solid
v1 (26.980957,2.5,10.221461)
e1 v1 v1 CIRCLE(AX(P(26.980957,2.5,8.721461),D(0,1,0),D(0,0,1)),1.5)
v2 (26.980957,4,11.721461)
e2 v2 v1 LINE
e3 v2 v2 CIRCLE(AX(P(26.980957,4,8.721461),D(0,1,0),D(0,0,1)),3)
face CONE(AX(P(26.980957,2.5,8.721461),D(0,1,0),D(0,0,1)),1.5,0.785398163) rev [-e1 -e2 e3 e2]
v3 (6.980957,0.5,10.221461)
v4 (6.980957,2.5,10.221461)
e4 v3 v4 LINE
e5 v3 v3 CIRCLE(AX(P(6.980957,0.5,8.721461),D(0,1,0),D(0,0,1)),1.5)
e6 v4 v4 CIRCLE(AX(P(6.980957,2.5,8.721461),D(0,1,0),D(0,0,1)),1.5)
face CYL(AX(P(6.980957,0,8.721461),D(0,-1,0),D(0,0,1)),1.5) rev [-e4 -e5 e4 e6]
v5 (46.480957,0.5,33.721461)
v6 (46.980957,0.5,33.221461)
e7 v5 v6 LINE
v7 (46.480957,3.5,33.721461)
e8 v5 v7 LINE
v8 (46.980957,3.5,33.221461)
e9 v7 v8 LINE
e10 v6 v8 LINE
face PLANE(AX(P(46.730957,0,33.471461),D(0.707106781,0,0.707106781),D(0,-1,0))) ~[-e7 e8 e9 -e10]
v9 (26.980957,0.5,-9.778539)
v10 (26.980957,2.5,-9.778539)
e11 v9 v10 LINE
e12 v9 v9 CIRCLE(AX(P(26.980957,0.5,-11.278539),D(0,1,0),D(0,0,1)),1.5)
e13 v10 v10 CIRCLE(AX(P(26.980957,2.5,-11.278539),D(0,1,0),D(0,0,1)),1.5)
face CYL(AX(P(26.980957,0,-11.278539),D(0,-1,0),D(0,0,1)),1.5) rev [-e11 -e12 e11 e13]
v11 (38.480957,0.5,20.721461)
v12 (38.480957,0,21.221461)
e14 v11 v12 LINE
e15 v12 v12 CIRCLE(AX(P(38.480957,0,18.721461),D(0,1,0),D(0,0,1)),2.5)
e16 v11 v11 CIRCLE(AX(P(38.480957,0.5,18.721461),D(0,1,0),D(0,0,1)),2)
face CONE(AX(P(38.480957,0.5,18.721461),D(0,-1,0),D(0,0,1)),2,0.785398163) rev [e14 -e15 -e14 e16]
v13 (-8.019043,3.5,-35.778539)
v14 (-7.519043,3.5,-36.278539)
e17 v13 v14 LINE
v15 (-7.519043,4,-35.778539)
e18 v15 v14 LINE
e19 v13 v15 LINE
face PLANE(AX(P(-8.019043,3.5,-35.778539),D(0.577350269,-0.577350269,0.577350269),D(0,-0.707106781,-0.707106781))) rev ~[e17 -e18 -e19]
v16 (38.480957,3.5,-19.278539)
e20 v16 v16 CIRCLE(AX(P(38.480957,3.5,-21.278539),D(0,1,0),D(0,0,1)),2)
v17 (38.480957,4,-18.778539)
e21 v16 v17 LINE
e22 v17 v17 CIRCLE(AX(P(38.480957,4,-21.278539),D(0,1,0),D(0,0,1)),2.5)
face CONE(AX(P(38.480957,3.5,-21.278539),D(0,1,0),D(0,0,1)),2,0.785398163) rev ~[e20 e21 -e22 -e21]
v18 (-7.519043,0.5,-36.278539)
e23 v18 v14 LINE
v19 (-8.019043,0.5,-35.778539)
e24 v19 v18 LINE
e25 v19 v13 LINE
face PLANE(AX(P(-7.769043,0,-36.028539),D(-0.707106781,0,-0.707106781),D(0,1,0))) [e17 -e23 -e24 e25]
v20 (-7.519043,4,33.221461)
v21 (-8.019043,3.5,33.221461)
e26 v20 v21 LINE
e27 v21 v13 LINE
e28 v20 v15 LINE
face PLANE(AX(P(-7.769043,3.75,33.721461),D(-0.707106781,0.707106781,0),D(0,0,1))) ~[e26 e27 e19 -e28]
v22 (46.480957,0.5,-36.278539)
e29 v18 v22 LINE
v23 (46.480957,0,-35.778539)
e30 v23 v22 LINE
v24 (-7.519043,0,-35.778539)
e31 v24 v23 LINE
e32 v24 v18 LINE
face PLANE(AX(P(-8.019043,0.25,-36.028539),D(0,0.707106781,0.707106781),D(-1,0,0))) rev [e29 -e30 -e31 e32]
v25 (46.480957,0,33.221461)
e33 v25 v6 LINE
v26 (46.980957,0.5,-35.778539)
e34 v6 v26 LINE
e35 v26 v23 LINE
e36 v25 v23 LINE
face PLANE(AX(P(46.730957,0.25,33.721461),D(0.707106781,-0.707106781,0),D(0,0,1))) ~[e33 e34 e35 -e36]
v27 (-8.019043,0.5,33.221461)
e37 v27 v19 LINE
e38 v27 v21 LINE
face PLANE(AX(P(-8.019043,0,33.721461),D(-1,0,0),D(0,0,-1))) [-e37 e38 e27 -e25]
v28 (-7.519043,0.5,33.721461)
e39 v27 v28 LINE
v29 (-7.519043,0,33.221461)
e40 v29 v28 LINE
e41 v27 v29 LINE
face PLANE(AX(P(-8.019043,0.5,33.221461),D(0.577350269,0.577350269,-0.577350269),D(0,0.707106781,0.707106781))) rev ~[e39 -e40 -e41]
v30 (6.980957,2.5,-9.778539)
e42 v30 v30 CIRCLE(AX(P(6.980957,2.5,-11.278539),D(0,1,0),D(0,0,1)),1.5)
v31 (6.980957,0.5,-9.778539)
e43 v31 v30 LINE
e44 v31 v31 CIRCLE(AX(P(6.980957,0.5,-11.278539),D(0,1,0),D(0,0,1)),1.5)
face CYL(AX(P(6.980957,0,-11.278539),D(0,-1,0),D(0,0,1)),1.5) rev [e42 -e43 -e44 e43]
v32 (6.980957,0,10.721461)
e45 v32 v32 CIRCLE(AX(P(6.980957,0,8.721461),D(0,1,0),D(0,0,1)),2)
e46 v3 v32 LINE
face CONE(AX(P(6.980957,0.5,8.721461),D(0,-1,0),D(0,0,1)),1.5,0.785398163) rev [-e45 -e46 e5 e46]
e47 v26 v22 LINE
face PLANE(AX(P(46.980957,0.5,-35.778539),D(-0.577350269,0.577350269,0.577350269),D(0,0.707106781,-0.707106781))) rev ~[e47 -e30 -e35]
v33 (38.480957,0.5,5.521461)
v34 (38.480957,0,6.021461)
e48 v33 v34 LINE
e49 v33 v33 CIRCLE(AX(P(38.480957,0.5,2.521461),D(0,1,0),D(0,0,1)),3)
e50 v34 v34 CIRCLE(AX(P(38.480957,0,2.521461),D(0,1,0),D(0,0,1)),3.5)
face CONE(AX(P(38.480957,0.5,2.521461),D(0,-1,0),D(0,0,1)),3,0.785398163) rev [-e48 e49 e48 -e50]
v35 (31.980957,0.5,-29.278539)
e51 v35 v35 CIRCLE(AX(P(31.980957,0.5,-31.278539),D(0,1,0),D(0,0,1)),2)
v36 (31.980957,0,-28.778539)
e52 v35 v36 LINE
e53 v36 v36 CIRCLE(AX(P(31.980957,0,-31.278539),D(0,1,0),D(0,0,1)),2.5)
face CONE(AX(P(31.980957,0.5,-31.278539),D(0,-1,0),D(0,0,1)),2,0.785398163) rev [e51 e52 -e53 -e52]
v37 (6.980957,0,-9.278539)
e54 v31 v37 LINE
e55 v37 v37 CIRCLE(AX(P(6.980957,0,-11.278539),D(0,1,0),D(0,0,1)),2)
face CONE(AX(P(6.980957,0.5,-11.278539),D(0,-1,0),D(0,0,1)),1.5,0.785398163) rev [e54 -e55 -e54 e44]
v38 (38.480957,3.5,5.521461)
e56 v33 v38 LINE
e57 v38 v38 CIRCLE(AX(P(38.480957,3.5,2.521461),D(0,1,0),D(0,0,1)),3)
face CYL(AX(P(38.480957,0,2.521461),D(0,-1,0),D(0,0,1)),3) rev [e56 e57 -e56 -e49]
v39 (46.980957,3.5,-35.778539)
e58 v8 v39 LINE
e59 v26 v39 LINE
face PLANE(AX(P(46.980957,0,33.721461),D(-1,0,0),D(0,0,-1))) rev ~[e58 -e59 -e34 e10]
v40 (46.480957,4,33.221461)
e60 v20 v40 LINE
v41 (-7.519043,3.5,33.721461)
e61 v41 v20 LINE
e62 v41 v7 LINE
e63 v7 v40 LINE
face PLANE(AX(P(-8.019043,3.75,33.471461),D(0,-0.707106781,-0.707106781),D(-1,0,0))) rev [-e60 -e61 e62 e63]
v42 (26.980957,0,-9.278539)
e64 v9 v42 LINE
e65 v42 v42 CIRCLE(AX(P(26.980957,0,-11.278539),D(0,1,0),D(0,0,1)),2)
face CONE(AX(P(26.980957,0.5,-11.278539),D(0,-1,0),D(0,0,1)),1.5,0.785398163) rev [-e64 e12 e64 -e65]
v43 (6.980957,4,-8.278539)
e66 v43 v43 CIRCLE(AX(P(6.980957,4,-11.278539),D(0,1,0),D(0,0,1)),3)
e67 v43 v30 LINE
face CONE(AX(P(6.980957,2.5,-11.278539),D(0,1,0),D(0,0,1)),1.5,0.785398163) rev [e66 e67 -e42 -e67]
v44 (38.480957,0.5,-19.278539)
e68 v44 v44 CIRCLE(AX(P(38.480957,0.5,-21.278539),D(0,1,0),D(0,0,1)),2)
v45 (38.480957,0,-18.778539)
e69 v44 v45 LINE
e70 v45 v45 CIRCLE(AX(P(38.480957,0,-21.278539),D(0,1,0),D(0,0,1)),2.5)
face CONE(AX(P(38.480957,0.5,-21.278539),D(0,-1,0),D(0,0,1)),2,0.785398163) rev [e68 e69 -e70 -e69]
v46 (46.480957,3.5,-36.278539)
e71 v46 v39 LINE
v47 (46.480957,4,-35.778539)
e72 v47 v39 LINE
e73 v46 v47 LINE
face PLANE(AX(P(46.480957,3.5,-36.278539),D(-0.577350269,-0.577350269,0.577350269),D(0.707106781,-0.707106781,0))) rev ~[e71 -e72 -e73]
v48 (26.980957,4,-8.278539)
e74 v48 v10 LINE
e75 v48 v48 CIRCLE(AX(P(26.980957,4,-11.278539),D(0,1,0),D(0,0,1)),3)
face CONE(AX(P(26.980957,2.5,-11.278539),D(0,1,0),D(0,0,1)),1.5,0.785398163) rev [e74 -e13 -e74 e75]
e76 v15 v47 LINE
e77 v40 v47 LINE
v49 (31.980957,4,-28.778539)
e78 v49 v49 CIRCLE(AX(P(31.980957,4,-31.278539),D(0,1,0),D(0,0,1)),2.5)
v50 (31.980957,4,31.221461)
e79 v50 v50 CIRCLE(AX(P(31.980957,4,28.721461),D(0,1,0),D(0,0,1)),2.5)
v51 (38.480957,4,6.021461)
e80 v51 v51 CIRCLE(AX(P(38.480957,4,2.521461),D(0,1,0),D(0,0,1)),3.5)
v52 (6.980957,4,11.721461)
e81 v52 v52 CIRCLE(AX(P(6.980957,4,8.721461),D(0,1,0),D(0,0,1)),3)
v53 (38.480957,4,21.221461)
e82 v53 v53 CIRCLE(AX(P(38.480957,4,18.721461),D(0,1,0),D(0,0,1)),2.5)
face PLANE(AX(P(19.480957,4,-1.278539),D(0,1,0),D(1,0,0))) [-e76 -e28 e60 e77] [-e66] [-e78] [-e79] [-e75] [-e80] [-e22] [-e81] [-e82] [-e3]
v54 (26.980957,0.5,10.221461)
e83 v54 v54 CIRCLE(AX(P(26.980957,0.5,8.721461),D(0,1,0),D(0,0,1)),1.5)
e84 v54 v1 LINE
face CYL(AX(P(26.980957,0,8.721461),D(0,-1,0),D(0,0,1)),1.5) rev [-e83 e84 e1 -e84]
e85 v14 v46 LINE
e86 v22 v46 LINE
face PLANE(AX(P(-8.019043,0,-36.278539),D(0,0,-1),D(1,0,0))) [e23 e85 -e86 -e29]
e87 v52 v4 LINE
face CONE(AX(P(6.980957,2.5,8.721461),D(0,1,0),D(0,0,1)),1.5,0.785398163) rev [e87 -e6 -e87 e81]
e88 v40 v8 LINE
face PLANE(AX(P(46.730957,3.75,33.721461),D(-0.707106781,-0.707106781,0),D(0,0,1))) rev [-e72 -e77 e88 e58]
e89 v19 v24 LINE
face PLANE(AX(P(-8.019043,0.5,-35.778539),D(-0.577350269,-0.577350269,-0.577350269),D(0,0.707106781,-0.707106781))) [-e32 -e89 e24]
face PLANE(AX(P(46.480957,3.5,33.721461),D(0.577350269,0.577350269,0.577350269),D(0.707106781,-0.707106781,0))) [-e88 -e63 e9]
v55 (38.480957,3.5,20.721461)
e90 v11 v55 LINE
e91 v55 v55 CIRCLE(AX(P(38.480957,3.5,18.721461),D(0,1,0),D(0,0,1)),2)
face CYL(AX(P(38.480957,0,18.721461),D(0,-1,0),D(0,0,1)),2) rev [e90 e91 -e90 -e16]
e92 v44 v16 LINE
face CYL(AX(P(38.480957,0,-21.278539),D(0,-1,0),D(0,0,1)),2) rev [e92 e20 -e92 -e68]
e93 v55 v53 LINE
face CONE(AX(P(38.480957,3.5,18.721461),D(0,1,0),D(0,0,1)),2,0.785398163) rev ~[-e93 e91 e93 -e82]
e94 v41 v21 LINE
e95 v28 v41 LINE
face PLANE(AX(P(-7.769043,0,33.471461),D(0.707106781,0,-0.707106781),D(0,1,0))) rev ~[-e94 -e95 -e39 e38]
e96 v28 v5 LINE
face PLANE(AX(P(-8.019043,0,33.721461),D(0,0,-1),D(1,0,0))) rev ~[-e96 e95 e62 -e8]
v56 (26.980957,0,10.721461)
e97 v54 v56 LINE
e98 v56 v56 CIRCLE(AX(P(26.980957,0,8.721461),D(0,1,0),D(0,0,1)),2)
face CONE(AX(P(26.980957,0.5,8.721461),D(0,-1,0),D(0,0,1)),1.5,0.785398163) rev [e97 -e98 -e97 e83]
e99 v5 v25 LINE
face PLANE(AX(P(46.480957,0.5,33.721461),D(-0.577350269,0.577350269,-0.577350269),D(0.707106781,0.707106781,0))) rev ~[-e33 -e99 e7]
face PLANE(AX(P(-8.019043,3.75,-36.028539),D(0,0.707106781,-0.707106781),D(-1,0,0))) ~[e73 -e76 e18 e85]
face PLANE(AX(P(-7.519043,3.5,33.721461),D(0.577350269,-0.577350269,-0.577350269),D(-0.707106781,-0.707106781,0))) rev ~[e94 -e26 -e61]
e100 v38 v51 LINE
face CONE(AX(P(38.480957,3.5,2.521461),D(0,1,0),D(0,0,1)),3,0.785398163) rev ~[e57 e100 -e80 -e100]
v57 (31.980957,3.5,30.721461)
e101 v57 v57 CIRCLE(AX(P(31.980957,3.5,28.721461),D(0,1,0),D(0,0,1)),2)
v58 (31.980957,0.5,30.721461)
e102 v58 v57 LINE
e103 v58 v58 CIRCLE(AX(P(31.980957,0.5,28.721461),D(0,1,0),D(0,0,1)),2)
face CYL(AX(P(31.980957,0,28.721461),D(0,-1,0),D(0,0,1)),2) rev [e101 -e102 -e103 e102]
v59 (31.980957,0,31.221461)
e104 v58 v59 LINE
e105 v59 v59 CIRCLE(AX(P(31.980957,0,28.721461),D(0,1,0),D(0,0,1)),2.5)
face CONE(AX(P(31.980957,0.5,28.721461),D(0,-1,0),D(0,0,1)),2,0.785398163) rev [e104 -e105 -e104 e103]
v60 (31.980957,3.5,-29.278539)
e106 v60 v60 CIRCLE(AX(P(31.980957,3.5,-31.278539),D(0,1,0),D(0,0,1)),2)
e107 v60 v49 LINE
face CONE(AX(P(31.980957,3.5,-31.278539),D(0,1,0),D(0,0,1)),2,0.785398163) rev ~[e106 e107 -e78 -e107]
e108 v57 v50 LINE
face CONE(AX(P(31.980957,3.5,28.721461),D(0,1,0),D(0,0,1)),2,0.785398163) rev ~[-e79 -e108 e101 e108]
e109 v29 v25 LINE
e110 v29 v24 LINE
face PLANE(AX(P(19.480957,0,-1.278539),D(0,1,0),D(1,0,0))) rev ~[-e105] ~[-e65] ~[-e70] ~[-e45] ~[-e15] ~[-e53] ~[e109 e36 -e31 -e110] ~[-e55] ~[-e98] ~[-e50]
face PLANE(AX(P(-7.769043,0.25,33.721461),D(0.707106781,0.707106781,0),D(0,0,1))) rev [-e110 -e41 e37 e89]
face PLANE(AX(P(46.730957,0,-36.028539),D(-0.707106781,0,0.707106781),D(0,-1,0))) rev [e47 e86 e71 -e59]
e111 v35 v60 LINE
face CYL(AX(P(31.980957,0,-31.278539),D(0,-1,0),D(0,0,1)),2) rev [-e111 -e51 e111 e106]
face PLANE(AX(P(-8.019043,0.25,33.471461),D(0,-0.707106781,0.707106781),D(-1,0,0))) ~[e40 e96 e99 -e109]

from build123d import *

# Parameters (mm, degrees)
CROQUIS1_W              = 55
CROQUIS1_H              = 70
CROQUIS1_R              = 1.5
CROQUIS1_R_2            = 2
CROQUIS1_R_3            = 3
SALIENTE_EXTRUIR1_DEPTH = 4
CHAFL_N1_SIZE           = 0.5
CHAFL_N2_SIZE           = 1.5


with BuildPart() as part:
    # Croquis1 → Saliente-Extruir1 (new body)
    with BuildSketch(Plane(origin=(0, 0, 0), x_dir=(1, 0, 0), z_dir=(0, 1, 0))):
        with Locations((19.480956658, 1.278538813)):
            Rectangle(CROQUIS1_W, CROQUIS1_H)
        with Locations(Location((6.980956658, 11.278538813, 0), (0, 0, 270))):
            Circle(CROQUIS1_R, mode=Mode.SUBTRACT)
        with Locations(Location((26.980956658, 11.278538813, 0), (0, 0, 270))):
            Circle(CROQUIS1_R, mode=Mode.SUBTRACT)
        with Locations(Location((6.980956658, -8.721461187, 0), (0, 0, 270))):
            Circle(CROQUIS1_R, mode=Mode.SUBTRACT)
        with Locations(Location((26.980956658, -8.721461187, 0), (0, 0, 270))):
            Circle(CROQUIS1_R, mode=Mode.SUBTRACT)
        with Locations(Location((31.980956658, 31.278538813, 0), (0, 0, 270))):
            Circle(CROQUIS1_R_2, mode=Mode.SUBTRACT)
        with Locations(Location((31.980956658, -28.721461187, 0), (0, 0, 270))):
            Circle(CROQUIS1_R_2, mode=Mode.SUBTRACT)
        with Locations(Location((38.480956658, -18.721461187, 0), (0, 0, 270))):
            Circle(CROQUIS1_R_2, mode=Mode.SUBTRACT)
        with Locations(Location((38.480956658, -2.521461187, 0), (0, 0, 270))):
            Circle(CROQUIS1_R_3, mode=Mode.SUBTRACT)
        with Locations(Location((38.480956658, 21.278538813, 0), (0, 0, 270))):
            Circle(CROQUIS1_R_2, mode=Mode.SUBTRACT)
    extrude(amount=SALIENTE_EXTRUIR1_DEPTH)

    # Chaflán1
    chafl_n1_edges = [part.edges().sort_by_distance(p)[0] for p in [
        (46.980956658, 4, -1.278538813),
        (6.980956658, 0, -12.778538813),
        (19.480956658, 4, -36.278538813),
        (26.980956658, 0, -12.778538813),
        (6.980956658, 0, 7.221461187),
        (26.980956658, 0, 7.221461187),
        (31.980956658, 0, -33.278538813),
        (31.980956658, 4, -33.278538813),
        (31.980956658, 0, 26.721461187),
        (31.980956658, 4, 26.721461187),
        (38.480956658, 0, 16.721461187),
        (38.480956658, 4, 16.721461187),
        (38.480956658, 0, -0.478538813),
        (38.480956658, 4, -0.478538813),
        (-8.019043342, 4, -1.278538813),
        (38.480956658, 0, -23.278538813),
        (38.480956658, 4, -23.278538813),
        (19.480956658, 0, -36.278538813),
        (46.980956658, 0, -1.278538813),
        (19.480956658, 0, 33.721461187),
        (-8.019043342, 0, -1.278538813),
        (19.480956658, 4, 33.721461187),
        (-8.019043342, 2, -36.278538813),
        (46.980956658, 2, -36.278538813),
        (46.980956658, 2, 33.721461187),
        (-8.019043342, 2, 33.721461187),
    ]]
    chamfer(chafl_n1_edges, length=CHAFL_N1_SIZE)

    # Chaflán2
    chafl_n2_edges = [part.edges().sort_by_distance(p)[0] for p in [
        (6.980956658, 4, -12.778538813),
        (26.980956658, 4, -12.778538813),
        (6.980956658, 4, 7.221461187),
        (26.980956658, 4, 7.221461187),
    ]]
    chamfer(chafl_n2_edges, length=CHAFL_N2_SIZE)


solid = part.part
